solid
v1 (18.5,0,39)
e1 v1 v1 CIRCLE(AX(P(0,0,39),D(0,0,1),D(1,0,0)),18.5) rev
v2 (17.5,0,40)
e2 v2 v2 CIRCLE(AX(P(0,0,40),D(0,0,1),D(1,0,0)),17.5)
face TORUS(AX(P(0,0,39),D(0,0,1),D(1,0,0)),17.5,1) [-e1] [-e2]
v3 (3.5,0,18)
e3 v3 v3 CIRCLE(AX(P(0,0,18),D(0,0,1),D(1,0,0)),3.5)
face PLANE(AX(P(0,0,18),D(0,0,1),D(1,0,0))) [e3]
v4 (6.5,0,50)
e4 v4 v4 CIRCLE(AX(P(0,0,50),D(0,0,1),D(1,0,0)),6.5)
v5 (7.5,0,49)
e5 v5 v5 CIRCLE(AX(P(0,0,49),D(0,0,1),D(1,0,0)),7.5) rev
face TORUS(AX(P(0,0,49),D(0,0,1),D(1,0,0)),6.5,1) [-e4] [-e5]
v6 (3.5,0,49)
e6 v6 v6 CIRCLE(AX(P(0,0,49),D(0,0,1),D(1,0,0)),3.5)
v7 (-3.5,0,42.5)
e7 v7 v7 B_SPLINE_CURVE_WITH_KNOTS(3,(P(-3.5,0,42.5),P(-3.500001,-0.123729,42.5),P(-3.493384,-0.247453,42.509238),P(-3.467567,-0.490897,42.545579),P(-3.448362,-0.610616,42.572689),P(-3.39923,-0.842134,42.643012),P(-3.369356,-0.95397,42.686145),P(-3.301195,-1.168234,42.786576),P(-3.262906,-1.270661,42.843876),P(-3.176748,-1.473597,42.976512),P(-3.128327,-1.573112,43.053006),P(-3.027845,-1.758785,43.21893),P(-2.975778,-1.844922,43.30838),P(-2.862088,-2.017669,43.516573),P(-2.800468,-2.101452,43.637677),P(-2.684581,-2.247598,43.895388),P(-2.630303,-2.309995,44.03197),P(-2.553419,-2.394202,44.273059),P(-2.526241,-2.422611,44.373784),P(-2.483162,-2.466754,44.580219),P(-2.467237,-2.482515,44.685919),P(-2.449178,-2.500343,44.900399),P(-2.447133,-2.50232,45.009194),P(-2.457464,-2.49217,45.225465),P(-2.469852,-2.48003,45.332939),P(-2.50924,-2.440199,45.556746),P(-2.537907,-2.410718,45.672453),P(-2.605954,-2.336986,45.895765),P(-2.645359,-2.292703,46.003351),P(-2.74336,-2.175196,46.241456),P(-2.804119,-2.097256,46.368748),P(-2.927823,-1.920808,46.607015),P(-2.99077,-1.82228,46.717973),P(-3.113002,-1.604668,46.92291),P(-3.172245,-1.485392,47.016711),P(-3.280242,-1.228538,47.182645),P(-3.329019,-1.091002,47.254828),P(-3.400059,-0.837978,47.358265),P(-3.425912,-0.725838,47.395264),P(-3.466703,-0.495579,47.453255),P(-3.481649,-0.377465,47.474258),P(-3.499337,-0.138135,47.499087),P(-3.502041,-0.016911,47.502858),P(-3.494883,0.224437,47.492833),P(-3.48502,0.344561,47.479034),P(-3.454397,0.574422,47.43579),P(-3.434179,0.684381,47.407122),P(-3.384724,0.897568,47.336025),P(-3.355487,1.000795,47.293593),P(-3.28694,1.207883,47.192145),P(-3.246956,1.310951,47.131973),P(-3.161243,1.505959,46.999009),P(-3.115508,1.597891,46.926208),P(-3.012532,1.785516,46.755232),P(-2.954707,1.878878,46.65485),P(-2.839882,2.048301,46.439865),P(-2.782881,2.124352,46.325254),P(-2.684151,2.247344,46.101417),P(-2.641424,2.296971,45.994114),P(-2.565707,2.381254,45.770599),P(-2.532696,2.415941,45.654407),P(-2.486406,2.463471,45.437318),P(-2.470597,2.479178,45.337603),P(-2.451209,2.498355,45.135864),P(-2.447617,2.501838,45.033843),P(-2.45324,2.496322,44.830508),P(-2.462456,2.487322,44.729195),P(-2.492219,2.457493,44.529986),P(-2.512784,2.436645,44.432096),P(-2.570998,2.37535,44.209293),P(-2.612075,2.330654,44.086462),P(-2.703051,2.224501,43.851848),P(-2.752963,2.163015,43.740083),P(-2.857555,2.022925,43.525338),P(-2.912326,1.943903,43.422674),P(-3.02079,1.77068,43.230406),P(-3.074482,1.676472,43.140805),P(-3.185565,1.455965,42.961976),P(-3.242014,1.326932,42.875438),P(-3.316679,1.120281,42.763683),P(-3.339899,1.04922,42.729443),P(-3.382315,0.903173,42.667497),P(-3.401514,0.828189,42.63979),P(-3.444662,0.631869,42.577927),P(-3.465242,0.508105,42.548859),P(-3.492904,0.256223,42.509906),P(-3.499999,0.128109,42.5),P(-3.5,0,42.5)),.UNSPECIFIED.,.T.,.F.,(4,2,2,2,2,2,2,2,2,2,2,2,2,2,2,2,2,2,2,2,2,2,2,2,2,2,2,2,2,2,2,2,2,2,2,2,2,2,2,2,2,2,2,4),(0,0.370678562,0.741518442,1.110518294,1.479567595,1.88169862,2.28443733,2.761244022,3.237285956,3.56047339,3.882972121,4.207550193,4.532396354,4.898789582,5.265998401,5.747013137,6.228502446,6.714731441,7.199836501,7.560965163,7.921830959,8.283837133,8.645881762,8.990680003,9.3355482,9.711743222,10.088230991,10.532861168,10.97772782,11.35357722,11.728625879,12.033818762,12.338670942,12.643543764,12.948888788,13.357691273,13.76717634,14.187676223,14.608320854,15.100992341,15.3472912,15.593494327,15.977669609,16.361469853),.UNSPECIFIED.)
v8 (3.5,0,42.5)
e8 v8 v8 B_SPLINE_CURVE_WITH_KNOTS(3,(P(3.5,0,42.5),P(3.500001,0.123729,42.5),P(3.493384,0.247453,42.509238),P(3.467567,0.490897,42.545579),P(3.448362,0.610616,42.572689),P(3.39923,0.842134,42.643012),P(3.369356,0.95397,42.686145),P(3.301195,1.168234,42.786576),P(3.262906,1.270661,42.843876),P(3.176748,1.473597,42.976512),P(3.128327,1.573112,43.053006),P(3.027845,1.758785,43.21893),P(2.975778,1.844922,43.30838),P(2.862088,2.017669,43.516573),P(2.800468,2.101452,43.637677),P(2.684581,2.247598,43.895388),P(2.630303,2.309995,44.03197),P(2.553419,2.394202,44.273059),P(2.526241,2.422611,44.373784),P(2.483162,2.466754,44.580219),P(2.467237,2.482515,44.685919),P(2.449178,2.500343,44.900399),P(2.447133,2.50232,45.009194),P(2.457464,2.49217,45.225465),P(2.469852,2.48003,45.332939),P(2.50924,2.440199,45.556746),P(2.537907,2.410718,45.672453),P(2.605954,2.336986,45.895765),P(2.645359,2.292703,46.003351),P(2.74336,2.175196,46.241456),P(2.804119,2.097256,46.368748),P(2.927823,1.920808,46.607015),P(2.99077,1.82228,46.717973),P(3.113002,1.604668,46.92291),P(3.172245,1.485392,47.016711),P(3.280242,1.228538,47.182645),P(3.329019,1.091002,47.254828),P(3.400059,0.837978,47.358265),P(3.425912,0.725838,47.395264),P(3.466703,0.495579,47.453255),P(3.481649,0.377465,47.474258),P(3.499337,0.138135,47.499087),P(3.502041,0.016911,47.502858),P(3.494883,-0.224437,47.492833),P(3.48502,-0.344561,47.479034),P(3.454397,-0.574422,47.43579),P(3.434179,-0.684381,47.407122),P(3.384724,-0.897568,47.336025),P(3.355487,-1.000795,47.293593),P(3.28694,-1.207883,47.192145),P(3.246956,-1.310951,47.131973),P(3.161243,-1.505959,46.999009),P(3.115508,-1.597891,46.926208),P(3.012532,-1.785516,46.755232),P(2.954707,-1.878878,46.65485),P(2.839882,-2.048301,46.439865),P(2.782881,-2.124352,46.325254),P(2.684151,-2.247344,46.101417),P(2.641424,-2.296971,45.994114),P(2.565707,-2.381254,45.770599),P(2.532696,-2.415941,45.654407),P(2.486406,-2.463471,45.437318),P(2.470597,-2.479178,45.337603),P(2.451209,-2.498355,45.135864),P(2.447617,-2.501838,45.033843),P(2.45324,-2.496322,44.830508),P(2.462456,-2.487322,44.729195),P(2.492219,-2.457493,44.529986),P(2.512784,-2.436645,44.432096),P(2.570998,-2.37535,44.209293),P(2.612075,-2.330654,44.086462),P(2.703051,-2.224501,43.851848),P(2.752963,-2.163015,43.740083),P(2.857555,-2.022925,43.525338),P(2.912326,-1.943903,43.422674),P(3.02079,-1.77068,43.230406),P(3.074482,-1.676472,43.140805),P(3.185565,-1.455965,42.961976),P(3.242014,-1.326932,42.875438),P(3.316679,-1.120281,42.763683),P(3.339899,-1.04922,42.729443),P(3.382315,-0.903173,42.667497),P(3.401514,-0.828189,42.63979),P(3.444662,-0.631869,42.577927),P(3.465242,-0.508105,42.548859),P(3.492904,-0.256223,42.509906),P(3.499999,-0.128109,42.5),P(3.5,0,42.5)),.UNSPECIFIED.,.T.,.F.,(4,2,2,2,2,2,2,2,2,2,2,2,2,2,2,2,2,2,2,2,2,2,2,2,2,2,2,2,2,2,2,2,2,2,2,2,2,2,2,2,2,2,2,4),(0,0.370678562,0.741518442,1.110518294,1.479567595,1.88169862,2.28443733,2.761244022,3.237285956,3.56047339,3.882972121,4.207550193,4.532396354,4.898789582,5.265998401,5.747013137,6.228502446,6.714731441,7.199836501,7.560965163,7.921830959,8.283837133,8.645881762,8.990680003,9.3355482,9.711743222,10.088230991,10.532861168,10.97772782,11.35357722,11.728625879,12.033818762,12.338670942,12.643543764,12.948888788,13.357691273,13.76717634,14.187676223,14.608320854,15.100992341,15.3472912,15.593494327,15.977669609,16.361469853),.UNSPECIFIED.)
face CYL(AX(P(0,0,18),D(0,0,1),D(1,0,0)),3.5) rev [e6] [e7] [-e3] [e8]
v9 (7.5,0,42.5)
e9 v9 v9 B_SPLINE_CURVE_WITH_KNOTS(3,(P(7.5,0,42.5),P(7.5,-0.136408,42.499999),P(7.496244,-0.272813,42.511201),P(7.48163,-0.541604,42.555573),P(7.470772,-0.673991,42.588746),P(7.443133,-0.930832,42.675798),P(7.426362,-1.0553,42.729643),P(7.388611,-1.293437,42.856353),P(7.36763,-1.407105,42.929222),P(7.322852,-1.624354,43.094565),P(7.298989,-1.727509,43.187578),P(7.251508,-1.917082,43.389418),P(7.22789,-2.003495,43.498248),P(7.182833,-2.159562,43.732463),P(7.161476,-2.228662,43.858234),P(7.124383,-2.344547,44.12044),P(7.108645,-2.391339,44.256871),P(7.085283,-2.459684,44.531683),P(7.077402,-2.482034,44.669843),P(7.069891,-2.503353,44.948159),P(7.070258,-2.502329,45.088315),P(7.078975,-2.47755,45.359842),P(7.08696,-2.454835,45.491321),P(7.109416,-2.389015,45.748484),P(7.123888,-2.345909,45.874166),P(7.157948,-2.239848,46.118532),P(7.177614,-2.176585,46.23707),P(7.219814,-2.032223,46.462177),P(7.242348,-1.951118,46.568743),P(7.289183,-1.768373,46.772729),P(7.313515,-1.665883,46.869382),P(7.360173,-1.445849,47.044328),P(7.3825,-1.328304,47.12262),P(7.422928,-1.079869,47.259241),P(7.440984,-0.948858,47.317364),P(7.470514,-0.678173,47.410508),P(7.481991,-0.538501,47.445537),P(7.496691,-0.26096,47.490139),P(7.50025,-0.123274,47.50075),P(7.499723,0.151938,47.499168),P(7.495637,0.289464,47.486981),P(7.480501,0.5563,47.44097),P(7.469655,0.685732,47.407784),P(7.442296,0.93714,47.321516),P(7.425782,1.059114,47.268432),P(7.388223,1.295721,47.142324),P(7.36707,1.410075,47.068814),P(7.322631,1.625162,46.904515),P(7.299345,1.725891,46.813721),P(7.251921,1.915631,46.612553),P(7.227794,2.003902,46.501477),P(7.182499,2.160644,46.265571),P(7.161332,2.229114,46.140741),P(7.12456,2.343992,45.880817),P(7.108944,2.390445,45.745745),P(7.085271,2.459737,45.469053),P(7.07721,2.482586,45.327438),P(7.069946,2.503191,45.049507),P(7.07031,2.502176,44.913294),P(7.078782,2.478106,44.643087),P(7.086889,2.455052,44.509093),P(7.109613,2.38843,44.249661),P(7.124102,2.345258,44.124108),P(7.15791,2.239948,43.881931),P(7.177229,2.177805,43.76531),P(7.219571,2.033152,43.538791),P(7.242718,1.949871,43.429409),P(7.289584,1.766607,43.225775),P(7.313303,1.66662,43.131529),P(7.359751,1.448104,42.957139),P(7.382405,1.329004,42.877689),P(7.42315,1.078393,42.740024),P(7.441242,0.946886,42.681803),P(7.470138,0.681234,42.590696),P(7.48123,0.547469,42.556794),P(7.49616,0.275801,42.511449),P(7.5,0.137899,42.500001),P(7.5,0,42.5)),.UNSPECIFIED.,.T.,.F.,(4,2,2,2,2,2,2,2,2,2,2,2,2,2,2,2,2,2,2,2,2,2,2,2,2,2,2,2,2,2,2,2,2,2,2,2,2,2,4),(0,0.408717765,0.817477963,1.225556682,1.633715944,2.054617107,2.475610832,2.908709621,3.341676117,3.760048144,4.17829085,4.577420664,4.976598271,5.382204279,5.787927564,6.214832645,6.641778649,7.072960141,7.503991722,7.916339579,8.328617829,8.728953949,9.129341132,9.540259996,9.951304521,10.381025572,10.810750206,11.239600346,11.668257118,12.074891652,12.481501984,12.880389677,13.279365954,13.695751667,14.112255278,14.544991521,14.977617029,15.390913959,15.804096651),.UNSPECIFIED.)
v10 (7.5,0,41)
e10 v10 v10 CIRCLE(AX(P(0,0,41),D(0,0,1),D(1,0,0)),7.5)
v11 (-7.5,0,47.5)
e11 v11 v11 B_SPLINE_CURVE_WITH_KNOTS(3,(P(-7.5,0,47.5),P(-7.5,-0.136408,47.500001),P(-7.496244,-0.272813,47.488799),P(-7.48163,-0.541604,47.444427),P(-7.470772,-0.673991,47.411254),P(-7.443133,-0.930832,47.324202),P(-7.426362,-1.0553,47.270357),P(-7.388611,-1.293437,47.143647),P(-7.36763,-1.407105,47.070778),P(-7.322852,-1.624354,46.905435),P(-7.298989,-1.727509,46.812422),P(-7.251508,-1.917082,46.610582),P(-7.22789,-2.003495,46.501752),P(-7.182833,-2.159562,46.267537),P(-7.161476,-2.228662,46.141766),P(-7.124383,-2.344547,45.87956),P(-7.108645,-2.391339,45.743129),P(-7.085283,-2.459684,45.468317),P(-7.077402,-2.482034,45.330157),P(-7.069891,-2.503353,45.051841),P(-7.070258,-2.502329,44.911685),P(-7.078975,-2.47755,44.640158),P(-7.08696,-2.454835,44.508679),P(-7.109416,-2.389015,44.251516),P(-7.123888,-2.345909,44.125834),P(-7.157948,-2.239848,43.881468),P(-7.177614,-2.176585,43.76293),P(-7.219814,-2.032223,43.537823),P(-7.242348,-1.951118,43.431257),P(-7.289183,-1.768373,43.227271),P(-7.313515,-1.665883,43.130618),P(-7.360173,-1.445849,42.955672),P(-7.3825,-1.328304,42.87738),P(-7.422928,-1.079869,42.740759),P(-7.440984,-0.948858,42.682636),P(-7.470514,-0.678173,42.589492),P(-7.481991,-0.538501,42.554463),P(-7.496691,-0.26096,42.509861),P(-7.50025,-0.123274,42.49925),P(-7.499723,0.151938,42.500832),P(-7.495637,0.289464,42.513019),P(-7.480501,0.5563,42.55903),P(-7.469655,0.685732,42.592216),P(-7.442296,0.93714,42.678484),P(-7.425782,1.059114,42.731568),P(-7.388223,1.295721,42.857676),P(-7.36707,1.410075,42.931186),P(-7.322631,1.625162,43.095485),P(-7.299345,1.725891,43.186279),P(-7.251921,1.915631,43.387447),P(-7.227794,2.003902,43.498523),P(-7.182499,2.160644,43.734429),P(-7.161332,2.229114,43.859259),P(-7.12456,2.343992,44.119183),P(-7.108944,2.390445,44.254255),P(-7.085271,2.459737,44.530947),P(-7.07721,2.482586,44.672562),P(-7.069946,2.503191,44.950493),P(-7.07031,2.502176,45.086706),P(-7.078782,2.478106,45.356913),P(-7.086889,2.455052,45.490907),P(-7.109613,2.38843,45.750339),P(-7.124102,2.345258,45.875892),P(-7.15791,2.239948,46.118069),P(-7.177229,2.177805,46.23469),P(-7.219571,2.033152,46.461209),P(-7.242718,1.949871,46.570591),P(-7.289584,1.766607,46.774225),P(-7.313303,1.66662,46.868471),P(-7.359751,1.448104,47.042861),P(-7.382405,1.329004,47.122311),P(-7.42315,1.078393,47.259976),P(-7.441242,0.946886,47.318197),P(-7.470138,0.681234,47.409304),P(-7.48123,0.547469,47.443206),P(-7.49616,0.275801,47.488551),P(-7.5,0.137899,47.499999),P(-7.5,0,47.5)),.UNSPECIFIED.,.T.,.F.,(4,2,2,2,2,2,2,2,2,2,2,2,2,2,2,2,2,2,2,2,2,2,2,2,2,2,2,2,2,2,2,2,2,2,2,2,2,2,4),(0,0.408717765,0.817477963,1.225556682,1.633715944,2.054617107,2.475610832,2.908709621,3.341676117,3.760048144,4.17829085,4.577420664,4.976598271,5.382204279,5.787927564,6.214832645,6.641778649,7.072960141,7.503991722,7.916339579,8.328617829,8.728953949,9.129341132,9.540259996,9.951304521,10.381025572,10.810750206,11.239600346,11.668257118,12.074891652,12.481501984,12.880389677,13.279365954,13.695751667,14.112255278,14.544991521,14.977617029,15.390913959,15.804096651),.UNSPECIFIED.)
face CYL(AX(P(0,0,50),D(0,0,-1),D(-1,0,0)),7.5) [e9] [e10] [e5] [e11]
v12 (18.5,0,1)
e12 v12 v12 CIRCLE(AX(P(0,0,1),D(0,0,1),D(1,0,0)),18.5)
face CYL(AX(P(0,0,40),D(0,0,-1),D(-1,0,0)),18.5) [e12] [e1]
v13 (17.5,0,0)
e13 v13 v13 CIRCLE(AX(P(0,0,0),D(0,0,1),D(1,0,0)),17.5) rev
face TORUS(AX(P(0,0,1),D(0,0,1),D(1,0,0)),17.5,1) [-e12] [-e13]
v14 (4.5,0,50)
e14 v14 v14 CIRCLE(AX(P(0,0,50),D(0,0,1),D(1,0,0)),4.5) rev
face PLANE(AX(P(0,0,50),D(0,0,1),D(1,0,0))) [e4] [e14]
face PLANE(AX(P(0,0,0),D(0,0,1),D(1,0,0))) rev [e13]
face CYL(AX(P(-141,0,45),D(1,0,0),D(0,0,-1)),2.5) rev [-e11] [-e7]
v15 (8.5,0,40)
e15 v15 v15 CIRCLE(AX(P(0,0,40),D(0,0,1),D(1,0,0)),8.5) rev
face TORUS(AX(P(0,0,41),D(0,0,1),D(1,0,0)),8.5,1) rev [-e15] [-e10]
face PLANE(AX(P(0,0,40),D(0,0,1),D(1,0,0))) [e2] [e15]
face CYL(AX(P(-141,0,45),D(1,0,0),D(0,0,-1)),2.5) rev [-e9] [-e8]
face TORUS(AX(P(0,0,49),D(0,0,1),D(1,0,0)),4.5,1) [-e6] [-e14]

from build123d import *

# Parameters (mm, degrees)
SKETCH1_R           = 18.5
BOSS_EXTRUDE1_DEPTH = 40
SKETCH2_R           = 7.5
BOSS_EXTRUDE2_DEPTH = 10
SKETCH3_R           = 3.5
CUT_EXTRUDE1_DEPTH  = 32
FILLET1_R           = 1
FILLET2_R           = 1
FILLET3_R           = 1
FILLET4_R           = 1
FILLET6_R           = 1
SKETCH4_R           = 2.5
CUT_EXTRUDE2_DEPTH  = 141


with BuildPart() as part:
    # Sketch1 → Boss-Extrude1 (new body)
    with BuildSketch(Plane.XY):
        Circle(SKETCH1_R)
    extrude(amount=BOSS_EXTRUDE1_DEPTH)

    # Sketch2 → Boss-Extrude2 (add)
    with BuildSketch(Plane.XY.offset(40)):
        Circle(SKETCH2_R)
    extrude(amount=BOSS_EXTRUDE2_DEPTH)

    # Sketch3 → Cut-Extrude1 (cut)
    with BuildSketch(Plane.XY.offset(50)):
        Circle(SKETCH3_R)
    extrude(amount=-CUT_EXTRUDE1_DEPTH, mode=Mode.SUBTRACT)

    # Fillet1
    fillet1_edges = [part.edges().sort_by_distance(p)[0] for p in [
        (-7.5, 0, 50),
    ]]
    fillet(fillet1_edges, radius=FILLET1_R)

    # Fillet2
    fillet2_edges = [part.edges().sort_by_distance(p)[0] for p in [
        (-18.5, 0, 40),
    ]]
    fillet(fillet2_edges, radius=FILLET2_R)

    # Fillet3
    fillet3_edges = [part.edges().sort_by_distance(p)[0] for p in [
        (-7.5, 0, 40),
    ]]
    fillet(fillet3_edges, radius=FILLET3_R)

    # Fillet4
    fillet4_edges = [part.edges().sort_by_distance(p)[0] for p in [
        (-18.5, 0, 0),
    ]]
    fillet(fillet4_edges, radius=FILLET4_R)

    # Fillet6
    fillet6_edges = [part.edges().sort_by_distance(p)[0] for p in [
        (-3.5, 0, 50),
    ]]
    fillet(fillet6_edges, radius=FILLET6_R)

    # Sketch4 → Cut-Extrude2 (cut, symmetric)
    with BuildSketch(Plane(origin=(0, 0, 0), x_dir=(0, 0, -1), z_dir=(1, 0, 0))):
        with Locations((-45, 0)):
            Circle(SKETCH4_R)
    extrude(amount=CUT_EXTRUDE2_DEPTH, both=True, mode=Mode.SUBTRACT)


solid = part.part
